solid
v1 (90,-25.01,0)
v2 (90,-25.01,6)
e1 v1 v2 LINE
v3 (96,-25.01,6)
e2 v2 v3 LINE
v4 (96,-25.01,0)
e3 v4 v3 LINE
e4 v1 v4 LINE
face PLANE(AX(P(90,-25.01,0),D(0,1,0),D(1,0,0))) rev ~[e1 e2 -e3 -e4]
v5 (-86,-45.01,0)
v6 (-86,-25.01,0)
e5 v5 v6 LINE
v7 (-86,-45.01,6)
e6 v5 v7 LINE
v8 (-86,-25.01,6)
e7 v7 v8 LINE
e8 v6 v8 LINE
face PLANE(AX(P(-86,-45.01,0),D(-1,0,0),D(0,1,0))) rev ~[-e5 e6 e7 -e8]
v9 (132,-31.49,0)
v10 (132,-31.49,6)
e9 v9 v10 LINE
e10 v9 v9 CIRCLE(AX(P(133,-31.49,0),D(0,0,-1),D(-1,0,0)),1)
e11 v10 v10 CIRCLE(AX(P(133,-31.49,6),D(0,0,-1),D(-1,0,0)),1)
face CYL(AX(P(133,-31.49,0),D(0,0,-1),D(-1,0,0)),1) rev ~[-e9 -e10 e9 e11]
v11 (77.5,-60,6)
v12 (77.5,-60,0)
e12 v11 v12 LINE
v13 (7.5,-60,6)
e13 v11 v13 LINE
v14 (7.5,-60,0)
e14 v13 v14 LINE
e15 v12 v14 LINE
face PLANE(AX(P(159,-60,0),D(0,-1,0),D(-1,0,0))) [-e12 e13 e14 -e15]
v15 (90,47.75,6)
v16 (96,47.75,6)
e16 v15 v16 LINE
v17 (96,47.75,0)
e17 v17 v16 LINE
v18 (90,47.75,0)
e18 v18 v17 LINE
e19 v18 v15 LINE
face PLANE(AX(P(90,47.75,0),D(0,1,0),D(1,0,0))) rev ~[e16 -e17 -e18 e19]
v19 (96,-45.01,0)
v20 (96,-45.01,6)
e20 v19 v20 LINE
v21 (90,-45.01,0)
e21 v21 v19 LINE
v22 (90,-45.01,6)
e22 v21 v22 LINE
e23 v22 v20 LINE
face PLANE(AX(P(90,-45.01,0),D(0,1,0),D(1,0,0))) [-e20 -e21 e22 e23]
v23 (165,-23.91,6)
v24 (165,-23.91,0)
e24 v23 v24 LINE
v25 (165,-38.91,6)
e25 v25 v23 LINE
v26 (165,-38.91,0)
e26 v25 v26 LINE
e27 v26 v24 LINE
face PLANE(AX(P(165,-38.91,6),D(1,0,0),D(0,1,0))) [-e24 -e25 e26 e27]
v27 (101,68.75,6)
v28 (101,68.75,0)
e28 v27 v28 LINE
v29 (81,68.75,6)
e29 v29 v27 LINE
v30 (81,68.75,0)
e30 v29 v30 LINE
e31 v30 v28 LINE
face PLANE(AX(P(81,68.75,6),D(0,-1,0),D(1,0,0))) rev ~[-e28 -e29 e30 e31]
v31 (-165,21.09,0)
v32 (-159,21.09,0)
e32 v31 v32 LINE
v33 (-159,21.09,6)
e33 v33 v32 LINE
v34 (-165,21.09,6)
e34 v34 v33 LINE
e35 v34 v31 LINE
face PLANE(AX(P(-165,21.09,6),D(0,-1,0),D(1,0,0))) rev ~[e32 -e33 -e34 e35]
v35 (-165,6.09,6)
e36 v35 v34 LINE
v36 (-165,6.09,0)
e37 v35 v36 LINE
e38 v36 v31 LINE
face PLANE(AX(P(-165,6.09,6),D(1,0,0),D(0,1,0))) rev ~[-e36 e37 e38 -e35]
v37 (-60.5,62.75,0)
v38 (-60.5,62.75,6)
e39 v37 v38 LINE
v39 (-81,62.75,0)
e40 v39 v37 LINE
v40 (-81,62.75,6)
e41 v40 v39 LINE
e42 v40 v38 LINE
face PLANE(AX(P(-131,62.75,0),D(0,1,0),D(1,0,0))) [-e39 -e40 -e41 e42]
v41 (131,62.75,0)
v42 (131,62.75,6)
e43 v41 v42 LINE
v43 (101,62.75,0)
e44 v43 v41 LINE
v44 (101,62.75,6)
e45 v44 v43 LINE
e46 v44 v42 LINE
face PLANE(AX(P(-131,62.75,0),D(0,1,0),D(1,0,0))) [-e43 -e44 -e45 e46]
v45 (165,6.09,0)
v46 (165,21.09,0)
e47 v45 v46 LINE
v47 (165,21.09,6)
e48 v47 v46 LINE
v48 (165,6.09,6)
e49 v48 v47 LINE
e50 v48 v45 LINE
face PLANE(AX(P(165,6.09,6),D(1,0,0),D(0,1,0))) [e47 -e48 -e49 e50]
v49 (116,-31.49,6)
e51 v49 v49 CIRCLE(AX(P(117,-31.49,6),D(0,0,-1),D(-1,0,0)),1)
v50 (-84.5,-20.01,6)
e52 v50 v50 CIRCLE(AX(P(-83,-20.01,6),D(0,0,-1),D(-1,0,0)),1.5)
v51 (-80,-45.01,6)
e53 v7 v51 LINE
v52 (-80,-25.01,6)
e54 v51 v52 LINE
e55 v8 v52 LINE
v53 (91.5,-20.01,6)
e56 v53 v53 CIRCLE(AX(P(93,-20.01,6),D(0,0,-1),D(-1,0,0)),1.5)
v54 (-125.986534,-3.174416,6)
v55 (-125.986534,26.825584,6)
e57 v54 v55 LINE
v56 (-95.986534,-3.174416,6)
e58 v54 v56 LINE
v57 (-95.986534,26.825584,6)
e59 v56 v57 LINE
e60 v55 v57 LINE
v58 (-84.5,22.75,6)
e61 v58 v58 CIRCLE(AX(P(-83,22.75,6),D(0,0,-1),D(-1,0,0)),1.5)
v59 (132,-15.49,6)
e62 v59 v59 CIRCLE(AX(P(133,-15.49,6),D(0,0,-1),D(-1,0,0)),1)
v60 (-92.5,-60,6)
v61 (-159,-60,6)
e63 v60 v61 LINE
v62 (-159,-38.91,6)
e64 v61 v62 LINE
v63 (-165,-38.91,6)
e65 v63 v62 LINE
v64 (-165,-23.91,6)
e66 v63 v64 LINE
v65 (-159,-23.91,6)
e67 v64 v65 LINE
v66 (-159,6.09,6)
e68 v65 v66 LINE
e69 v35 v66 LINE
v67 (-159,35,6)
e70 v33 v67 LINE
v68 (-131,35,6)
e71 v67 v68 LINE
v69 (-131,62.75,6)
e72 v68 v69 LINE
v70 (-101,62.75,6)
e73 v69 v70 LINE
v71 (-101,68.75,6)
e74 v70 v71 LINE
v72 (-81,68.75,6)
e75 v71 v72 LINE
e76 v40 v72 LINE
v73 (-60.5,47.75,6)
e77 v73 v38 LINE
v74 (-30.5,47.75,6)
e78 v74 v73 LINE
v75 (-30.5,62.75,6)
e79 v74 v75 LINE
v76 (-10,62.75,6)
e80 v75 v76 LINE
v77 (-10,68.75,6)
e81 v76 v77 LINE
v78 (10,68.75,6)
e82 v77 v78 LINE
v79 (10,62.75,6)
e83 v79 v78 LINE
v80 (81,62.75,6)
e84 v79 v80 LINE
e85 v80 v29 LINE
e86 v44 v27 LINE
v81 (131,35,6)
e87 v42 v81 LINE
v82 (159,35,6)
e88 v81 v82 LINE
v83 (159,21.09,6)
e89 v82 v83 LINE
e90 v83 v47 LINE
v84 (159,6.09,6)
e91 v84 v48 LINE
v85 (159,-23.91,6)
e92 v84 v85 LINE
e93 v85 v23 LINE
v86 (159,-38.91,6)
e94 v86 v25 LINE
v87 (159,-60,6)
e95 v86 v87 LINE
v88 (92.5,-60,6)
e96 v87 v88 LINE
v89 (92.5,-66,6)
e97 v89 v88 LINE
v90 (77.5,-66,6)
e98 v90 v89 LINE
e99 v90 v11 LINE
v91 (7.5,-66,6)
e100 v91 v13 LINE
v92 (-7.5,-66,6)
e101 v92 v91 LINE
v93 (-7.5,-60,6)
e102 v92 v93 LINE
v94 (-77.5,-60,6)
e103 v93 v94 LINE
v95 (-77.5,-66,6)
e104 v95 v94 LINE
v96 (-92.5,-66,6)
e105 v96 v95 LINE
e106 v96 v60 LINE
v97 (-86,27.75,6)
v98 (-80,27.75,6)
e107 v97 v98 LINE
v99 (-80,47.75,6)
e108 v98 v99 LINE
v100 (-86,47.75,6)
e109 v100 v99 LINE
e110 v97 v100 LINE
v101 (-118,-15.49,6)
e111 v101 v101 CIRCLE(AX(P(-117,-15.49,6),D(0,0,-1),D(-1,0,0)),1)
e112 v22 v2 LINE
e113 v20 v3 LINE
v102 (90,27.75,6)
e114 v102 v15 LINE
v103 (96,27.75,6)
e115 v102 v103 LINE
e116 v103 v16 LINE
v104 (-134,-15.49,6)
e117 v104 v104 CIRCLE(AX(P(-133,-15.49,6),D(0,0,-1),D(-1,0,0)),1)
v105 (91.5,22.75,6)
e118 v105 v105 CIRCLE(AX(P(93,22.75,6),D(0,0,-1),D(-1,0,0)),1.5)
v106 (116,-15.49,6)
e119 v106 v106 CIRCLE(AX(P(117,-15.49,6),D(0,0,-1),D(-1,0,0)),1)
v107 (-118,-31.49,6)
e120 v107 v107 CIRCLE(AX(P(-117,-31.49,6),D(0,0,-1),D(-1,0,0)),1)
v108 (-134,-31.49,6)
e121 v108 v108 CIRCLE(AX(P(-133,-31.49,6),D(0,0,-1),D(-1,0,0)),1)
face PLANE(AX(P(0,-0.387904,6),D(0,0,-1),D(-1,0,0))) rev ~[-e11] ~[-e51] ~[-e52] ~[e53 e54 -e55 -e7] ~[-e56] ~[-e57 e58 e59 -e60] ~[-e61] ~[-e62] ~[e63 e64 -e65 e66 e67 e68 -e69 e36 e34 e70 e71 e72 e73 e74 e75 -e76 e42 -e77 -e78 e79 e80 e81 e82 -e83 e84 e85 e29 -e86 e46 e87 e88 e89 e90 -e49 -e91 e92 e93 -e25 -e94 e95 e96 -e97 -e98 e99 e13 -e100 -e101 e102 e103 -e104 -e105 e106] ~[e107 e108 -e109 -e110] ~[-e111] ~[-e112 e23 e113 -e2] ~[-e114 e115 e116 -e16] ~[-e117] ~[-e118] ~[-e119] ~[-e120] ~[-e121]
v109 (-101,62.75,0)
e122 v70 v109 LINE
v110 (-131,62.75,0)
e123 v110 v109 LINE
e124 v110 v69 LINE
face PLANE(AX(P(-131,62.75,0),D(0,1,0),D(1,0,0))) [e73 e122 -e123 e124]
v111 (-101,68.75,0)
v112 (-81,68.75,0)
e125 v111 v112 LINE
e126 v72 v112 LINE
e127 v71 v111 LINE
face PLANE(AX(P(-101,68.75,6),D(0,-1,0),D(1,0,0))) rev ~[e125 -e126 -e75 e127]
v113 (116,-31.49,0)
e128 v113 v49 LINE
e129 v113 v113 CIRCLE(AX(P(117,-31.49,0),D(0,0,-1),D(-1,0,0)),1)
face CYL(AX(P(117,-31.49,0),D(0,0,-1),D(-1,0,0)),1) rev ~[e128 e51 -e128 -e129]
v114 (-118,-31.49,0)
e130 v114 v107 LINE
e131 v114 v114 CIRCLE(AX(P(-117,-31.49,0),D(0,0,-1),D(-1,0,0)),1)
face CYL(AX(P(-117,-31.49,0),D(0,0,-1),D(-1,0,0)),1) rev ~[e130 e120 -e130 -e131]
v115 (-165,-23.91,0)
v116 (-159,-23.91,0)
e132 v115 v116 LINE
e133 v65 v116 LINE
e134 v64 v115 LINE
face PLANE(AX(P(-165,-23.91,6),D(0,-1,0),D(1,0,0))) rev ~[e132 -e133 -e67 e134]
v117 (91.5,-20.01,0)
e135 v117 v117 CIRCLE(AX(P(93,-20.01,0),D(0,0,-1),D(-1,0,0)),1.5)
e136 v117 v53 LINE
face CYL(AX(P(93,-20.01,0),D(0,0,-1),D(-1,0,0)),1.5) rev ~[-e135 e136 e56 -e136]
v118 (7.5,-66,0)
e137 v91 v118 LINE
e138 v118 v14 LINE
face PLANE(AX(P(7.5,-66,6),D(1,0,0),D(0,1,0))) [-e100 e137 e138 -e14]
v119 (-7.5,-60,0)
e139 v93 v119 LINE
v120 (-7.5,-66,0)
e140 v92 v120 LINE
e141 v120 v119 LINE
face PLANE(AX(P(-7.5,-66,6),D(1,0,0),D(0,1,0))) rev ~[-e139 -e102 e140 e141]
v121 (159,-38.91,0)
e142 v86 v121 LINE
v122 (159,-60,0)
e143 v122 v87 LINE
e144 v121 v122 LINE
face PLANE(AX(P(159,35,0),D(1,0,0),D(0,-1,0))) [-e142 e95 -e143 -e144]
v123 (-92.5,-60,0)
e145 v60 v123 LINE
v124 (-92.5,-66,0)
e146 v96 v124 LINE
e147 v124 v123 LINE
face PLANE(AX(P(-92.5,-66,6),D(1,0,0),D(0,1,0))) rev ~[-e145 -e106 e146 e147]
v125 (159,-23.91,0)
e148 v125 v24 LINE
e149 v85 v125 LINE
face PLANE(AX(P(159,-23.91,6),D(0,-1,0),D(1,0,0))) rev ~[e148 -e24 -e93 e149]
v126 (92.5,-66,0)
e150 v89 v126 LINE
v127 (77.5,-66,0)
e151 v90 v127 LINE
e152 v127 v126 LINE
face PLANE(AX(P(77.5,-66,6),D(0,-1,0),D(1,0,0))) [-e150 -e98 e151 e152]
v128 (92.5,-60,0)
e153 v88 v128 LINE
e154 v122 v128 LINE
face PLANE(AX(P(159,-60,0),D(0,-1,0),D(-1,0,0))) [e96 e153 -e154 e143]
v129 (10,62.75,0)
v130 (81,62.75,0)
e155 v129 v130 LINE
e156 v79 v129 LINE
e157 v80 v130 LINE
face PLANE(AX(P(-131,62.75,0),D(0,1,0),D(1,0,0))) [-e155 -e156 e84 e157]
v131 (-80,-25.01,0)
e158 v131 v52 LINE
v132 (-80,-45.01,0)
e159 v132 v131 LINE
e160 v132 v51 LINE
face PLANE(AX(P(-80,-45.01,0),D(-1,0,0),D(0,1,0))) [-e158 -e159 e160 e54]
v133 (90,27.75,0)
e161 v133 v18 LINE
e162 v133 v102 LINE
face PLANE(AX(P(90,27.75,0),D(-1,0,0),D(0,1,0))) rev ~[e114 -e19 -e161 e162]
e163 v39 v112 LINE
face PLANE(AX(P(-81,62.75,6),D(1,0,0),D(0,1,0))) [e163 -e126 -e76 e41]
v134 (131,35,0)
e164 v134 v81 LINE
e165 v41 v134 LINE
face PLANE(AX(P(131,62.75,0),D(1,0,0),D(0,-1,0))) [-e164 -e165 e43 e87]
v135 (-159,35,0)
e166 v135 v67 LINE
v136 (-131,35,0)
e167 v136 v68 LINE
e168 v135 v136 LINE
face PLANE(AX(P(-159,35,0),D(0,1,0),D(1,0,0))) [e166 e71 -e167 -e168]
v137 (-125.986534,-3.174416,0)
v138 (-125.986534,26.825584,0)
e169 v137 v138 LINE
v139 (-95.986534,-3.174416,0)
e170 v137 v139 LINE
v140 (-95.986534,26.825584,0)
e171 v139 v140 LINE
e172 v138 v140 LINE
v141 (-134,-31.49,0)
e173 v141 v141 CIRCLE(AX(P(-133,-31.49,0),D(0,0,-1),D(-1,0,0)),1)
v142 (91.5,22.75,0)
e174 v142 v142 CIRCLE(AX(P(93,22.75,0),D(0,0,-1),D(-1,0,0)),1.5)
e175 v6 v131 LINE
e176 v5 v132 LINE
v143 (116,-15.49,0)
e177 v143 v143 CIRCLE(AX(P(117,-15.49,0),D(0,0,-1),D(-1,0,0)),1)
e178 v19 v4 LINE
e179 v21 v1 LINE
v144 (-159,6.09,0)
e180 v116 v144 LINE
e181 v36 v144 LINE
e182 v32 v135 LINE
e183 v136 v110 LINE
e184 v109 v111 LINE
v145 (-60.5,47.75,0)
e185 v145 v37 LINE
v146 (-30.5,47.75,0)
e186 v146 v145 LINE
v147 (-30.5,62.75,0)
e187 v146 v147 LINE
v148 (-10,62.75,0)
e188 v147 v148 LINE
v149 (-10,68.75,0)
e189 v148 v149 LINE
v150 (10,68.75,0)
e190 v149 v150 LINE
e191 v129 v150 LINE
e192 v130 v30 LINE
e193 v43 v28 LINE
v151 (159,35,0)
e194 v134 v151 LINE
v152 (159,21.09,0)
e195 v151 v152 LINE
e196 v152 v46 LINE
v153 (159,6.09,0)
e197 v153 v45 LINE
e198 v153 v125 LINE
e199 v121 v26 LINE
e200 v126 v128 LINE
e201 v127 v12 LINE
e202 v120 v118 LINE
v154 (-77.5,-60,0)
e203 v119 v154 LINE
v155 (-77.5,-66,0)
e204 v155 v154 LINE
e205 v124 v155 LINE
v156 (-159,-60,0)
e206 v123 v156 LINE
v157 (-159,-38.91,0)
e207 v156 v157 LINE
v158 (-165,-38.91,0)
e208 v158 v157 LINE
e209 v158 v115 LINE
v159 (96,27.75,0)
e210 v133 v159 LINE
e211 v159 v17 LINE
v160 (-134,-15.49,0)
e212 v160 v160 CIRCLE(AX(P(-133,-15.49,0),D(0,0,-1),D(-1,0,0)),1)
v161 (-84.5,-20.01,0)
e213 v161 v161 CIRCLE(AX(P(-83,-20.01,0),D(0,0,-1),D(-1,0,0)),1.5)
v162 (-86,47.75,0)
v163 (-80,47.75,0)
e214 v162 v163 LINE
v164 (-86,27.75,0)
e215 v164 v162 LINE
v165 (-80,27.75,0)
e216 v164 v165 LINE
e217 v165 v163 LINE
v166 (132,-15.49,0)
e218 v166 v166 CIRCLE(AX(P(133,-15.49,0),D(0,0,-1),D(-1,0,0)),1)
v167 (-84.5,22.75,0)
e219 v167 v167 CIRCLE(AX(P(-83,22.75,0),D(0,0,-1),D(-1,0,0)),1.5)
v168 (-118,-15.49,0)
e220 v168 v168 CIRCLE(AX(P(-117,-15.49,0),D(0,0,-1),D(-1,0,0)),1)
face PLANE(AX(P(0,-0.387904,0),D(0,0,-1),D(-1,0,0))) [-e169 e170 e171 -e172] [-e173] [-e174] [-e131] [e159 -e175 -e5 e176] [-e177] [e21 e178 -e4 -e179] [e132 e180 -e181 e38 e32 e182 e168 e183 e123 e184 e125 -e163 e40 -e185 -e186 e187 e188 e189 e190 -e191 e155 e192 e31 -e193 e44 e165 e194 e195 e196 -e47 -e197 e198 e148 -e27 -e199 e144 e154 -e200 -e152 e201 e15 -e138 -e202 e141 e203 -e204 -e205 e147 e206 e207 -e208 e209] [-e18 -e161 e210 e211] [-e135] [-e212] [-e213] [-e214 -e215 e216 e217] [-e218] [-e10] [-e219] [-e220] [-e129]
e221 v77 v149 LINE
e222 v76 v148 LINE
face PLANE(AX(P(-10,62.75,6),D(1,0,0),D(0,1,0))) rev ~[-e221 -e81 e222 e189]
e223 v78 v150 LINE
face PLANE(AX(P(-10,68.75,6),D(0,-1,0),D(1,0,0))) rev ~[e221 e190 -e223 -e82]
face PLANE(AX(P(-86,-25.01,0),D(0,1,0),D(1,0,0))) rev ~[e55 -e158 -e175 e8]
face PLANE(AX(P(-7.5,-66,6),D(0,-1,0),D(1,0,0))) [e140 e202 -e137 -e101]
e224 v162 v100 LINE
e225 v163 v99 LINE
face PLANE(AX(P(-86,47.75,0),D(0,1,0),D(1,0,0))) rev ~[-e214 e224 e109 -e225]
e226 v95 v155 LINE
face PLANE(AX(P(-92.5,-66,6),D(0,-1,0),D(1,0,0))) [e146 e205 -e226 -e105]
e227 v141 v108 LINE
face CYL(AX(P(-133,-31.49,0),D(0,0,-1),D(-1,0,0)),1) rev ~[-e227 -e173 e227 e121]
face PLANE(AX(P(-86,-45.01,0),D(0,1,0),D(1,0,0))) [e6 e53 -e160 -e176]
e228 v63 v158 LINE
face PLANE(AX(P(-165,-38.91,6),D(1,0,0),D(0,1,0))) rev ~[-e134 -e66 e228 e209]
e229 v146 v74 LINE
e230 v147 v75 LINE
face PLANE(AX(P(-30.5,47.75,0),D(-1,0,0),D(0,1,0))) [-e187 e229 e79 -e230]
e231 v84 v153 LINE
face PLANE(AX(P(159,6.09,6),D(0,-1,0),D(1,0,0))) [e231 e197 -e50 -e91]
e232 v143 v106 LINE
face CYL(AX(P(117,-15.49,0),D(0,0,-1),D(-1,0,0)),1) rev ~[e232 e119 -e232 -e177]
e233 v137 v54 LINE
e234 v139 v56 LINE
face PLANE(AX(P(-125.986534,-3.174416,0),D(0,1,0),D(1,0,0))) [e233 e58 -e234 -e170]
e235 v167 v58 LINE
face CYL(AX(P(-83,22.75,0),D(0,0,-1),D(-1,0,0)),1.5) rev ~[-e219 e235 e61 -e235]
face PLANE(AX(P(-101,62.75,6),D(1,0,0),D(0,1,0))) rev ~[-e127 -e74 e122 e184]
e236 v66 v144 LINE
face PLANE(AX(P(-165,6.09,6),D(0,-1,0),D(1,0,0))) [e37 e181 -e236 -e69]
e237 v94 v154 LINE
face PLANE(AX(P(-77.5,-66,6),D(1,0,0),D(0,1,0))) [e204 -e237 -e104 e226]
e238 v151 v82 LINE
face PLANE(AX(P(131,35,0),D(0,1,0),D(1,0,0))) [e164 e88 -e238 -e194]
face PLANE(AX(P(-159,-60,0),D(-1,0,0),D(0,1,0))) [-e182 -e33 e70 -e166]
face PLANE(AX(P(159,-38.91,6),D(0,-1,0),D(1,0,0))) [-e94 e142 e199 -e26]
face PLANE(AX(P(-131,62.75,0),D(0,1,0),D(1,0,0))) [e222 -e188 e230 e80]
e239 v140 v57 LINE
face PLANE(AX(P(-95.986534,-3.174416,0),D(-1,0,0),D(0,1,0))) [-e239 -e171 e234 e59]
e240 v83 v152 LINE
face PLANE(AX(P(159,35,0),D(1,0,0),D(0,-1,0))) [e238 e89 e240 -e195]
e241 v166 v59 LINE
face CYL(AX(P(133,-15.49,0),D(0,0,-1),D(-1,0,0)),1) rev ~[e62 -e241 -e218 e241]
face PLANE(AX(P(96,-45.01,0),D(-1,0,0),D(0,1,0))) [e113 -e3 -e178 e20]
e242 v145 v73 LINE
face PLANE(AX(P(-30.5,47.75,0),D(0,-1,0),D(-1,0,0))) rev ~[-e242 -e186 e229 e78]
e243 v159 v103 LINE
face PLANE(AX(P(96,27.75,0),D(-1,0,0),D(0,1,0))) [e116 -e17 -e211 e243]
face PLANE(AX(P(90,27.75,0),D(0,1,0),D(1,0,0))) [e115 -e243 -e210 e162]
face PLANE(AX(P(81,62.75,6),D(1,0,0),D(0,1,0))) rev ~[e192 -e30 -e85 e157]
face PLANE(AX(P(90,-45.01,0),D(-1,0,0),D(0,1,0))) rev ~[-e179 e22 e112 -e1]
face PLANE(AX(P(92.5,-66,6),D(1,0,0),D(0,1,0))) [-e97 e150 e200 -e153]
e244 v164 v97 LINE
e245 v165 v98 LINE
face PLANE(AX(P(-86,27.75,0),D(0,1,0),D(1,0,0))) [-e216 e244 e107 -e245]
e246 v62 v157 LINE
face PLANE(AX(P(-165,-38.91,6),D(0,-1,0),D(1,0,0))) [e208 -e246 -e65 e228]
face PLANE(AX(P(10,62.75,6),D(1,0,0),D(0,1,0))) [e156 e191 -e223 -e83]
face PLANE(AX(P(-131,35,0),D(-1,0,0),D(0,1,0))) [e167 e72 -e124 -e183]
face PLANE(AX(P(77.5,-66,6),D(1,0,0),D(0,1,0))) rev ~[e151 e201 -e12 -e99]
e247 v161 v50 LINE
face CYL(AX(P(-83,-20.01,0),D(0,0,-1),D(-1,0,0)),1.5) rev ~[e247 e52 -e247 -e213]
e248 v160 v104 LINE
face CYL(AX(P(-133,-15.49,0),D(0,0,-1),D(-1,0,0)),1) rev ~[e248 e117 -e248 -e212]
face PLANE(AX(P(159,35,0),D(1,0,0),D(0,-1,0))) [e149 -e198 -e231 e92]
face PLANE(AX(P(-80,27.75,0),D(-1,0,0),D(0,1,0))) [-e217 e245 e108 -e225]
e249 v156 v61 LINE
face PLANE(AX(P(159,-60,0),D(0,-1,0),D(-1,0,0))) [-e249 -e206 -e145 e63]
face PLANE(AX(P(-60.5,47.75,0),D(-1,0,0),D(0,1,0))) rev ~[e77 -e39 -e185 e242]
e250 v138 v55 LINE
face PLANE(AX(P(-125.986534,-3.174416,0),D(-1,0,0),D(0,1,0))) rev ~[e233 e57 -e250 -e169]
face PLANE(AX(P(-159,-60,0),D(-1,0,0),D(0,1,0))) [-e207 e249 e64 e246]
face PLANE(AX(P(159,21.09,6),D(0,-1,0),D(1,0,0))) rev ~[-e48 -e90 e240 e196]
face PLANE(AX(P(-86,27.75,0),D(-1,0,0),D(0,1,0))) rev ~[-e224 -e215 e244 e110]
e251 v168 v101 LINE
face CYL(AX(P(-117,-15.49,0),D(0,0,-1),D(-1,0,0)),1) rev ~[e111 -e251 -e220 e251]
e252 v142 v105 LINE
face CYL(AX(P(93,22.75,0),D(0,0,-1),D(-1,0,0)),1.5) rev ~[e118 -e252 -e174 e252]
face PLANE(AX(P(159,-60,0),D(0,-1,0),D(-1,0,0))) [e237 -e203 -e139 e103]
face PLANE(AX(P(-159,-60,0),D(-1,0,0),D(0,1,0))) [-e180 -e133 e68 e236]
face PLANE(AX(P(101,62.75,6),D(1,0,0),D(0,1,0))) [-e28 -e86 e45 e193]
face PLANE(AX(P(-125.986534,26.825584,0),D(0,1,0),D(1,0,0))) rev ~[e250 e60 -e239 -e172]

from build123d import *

# Parameters (mm, degrees)
ESQUISSE1_W             = 6
ESQUISSE1_H             = 20
ESQUISSE1_W_2           = 30
ESQUISSE1_H_2           = 30
BOSS_EXTRU_1_DEPTH      = 6
ESQUISSE2_W             = 15
ESQUISSE2_H             = 6
ESQUISSE2_W_2           = 6
ESQUISSE2_H_2           = 15
ESQUISSE2_W_3           = 20
BOSS_EXTRU_2_DEPTH      = 6
ESQUISSE3_R             = 1
ESQUISSE3_R_2           = 1.5
ENL_V_MAT_EXTRU_1_DEPTH = 6
ESQUISSE4_W             = 30
ESQUISSE4_H             = 15
ENL_V_MAT_EXTRU_2_DEPTH = 6


with BuildPart() as part:
    # Esquisse1 → Boss.-Extru.1 (new body)
    with BuildSketch(Plane.XY):
        Polygon((-159, 35), (-131, 35), (-131, 62.75), (131, 62.75), (131, 35), (159, 35), (159, -60), (-159, -60), align=None)
        with Locations((93, 37.75)):
            Rectangle(ESQUISSE1_W, ESQUISSE1_H, mode=Mode.SUBTRACT)
        with Locations((93, -35.01)):
            Rectangle(ESQUISSE1_W, ESQUISSE1_H, mode=Mode.SUBTRACT)
        with Locations((-83, 37.75)):
            Rectangle(ESQUISSE1_W, ESQUISSE1_H, mode=Mode.SUBTRACT)
        with Locations((-83, -35.01)):
            Rectangle(ESQUISSE1_W, ESQUISSE1_H, mode=Mode.SUBTRACT)
        with Locations((-110.986534361, 11.825583908)):
            Rectangle(ESQUISSE1_W_2, ESQUISSE1_H_2, mode=Mode.SUBTRACT)
    extrude(amount=BOSS_EXTRU_1_DEPTH)

    # Esquisse2 → Boss.-Extru.2 (add)
    with BuildSketch(Plane.XY.offset(6)):
        with Locations((-85, -63)):
            Rectangle(ESQUISSE2_W, ESQUISSE2_H)
        with Locations((0, -63)):
            Rectangle(ESQUISSE2_W, ESQUISSE2_H)
        with Locations((85, -63)):
            Rectangle(ESQUISSE2_W, ESQUISSE2_H)
        with Locations((-162, 13.59)):
            Rectangle(ESQUISSE2_W_2, ESQUISSE2_H_2)
        with Locations((-162, -31.41)):
            Rectangle(ESQUISSE2_W_2, ESQUISSE2_H_2)
        with Locations((162, -31.41)):
            Rectangle(ESQUISSE2_W_2, ESQUISSE2_H_2)
        with Locations((162, 13.59)):
            Rectangle(ESQUISSE2_W_2, ESQUISSE2_H_2)
        with Locations((91, 65.75)):
            Rectangle(ESQUISSE2_W_3, ESQUISSE2_H)
        with Locations((-91, 65.75)):
            Rectangle(ESQUISSE2_W_3, ESQUISSE2_H)
        with Locations((0, 65.75)):
            Rectangle(ESQUISSE2_W_3, ESQUISSE2_H)
    extrude(amount=-BOSS_EXTRU_2_DEPTH)

    # Esquisse3 → Enlèv. mat.-Extru.1 (cut)
    with BuildSketch(Plane(origin=(0, 0, 0), x_dir=(-1, 0, 0), z_dir=(0, 0, -1))):
        with Locations((133, -31.49)):
            Circle(ESQUISSE3_R)
        with Locations((133, -15.49)):
            Circle(ESQUISSE3_R)
        with Locations((117, -15.49)):
            Circle(ESQUISSE3_R)
        with Locations((117, -31.49)):
            Circle(ESQUISSE3_R)
        with Locations((-117, -31.49)):
            Circle(ESQUISSE3_R)
        with Locations((-117, -15.49)):
            Circle(ESQUISSE3_R)
        with Locations((-133, -15.49)):
            Circle(ESQUISSE3_R)
        with Locations((-133, -31.49)):
            Circle(ESQUISSE3_R)
        with Locations((83, 22.75)):
            Circle(ESQUISSE3_R_2)
        with Locations((83, -20.01)):
            Circle(ESQUISSE3_R_2)
        with Locations((-93, 22.75)):
            Circle(ESQUISSE3_R_2)
        with Locations((-93, -20.01)):
            Circle(ESQUISSE3_R_2)
    extrude(amount=-ENL_V_MAT_EXTRU_1_DEPTH, mode=Mode.SUBTRACT)

    # Esquisse4 → Enlèv. mat.-Extru.2 (cut)
    with BuildSketch(Plane(origin=(0, 0, 0), x_dir=(-1, 0, 0), z_dir=(0, 0, -1))):
        with Locations((45.5, 55.25)):
            Rectangle(ESQUISSE4_W, ESQUISSE4_H)
    extrude(amount=-ENL_V_MAT_EXTRU_2_DEPTH, mode=Mode.SUBTRACT)


solid = part.part
